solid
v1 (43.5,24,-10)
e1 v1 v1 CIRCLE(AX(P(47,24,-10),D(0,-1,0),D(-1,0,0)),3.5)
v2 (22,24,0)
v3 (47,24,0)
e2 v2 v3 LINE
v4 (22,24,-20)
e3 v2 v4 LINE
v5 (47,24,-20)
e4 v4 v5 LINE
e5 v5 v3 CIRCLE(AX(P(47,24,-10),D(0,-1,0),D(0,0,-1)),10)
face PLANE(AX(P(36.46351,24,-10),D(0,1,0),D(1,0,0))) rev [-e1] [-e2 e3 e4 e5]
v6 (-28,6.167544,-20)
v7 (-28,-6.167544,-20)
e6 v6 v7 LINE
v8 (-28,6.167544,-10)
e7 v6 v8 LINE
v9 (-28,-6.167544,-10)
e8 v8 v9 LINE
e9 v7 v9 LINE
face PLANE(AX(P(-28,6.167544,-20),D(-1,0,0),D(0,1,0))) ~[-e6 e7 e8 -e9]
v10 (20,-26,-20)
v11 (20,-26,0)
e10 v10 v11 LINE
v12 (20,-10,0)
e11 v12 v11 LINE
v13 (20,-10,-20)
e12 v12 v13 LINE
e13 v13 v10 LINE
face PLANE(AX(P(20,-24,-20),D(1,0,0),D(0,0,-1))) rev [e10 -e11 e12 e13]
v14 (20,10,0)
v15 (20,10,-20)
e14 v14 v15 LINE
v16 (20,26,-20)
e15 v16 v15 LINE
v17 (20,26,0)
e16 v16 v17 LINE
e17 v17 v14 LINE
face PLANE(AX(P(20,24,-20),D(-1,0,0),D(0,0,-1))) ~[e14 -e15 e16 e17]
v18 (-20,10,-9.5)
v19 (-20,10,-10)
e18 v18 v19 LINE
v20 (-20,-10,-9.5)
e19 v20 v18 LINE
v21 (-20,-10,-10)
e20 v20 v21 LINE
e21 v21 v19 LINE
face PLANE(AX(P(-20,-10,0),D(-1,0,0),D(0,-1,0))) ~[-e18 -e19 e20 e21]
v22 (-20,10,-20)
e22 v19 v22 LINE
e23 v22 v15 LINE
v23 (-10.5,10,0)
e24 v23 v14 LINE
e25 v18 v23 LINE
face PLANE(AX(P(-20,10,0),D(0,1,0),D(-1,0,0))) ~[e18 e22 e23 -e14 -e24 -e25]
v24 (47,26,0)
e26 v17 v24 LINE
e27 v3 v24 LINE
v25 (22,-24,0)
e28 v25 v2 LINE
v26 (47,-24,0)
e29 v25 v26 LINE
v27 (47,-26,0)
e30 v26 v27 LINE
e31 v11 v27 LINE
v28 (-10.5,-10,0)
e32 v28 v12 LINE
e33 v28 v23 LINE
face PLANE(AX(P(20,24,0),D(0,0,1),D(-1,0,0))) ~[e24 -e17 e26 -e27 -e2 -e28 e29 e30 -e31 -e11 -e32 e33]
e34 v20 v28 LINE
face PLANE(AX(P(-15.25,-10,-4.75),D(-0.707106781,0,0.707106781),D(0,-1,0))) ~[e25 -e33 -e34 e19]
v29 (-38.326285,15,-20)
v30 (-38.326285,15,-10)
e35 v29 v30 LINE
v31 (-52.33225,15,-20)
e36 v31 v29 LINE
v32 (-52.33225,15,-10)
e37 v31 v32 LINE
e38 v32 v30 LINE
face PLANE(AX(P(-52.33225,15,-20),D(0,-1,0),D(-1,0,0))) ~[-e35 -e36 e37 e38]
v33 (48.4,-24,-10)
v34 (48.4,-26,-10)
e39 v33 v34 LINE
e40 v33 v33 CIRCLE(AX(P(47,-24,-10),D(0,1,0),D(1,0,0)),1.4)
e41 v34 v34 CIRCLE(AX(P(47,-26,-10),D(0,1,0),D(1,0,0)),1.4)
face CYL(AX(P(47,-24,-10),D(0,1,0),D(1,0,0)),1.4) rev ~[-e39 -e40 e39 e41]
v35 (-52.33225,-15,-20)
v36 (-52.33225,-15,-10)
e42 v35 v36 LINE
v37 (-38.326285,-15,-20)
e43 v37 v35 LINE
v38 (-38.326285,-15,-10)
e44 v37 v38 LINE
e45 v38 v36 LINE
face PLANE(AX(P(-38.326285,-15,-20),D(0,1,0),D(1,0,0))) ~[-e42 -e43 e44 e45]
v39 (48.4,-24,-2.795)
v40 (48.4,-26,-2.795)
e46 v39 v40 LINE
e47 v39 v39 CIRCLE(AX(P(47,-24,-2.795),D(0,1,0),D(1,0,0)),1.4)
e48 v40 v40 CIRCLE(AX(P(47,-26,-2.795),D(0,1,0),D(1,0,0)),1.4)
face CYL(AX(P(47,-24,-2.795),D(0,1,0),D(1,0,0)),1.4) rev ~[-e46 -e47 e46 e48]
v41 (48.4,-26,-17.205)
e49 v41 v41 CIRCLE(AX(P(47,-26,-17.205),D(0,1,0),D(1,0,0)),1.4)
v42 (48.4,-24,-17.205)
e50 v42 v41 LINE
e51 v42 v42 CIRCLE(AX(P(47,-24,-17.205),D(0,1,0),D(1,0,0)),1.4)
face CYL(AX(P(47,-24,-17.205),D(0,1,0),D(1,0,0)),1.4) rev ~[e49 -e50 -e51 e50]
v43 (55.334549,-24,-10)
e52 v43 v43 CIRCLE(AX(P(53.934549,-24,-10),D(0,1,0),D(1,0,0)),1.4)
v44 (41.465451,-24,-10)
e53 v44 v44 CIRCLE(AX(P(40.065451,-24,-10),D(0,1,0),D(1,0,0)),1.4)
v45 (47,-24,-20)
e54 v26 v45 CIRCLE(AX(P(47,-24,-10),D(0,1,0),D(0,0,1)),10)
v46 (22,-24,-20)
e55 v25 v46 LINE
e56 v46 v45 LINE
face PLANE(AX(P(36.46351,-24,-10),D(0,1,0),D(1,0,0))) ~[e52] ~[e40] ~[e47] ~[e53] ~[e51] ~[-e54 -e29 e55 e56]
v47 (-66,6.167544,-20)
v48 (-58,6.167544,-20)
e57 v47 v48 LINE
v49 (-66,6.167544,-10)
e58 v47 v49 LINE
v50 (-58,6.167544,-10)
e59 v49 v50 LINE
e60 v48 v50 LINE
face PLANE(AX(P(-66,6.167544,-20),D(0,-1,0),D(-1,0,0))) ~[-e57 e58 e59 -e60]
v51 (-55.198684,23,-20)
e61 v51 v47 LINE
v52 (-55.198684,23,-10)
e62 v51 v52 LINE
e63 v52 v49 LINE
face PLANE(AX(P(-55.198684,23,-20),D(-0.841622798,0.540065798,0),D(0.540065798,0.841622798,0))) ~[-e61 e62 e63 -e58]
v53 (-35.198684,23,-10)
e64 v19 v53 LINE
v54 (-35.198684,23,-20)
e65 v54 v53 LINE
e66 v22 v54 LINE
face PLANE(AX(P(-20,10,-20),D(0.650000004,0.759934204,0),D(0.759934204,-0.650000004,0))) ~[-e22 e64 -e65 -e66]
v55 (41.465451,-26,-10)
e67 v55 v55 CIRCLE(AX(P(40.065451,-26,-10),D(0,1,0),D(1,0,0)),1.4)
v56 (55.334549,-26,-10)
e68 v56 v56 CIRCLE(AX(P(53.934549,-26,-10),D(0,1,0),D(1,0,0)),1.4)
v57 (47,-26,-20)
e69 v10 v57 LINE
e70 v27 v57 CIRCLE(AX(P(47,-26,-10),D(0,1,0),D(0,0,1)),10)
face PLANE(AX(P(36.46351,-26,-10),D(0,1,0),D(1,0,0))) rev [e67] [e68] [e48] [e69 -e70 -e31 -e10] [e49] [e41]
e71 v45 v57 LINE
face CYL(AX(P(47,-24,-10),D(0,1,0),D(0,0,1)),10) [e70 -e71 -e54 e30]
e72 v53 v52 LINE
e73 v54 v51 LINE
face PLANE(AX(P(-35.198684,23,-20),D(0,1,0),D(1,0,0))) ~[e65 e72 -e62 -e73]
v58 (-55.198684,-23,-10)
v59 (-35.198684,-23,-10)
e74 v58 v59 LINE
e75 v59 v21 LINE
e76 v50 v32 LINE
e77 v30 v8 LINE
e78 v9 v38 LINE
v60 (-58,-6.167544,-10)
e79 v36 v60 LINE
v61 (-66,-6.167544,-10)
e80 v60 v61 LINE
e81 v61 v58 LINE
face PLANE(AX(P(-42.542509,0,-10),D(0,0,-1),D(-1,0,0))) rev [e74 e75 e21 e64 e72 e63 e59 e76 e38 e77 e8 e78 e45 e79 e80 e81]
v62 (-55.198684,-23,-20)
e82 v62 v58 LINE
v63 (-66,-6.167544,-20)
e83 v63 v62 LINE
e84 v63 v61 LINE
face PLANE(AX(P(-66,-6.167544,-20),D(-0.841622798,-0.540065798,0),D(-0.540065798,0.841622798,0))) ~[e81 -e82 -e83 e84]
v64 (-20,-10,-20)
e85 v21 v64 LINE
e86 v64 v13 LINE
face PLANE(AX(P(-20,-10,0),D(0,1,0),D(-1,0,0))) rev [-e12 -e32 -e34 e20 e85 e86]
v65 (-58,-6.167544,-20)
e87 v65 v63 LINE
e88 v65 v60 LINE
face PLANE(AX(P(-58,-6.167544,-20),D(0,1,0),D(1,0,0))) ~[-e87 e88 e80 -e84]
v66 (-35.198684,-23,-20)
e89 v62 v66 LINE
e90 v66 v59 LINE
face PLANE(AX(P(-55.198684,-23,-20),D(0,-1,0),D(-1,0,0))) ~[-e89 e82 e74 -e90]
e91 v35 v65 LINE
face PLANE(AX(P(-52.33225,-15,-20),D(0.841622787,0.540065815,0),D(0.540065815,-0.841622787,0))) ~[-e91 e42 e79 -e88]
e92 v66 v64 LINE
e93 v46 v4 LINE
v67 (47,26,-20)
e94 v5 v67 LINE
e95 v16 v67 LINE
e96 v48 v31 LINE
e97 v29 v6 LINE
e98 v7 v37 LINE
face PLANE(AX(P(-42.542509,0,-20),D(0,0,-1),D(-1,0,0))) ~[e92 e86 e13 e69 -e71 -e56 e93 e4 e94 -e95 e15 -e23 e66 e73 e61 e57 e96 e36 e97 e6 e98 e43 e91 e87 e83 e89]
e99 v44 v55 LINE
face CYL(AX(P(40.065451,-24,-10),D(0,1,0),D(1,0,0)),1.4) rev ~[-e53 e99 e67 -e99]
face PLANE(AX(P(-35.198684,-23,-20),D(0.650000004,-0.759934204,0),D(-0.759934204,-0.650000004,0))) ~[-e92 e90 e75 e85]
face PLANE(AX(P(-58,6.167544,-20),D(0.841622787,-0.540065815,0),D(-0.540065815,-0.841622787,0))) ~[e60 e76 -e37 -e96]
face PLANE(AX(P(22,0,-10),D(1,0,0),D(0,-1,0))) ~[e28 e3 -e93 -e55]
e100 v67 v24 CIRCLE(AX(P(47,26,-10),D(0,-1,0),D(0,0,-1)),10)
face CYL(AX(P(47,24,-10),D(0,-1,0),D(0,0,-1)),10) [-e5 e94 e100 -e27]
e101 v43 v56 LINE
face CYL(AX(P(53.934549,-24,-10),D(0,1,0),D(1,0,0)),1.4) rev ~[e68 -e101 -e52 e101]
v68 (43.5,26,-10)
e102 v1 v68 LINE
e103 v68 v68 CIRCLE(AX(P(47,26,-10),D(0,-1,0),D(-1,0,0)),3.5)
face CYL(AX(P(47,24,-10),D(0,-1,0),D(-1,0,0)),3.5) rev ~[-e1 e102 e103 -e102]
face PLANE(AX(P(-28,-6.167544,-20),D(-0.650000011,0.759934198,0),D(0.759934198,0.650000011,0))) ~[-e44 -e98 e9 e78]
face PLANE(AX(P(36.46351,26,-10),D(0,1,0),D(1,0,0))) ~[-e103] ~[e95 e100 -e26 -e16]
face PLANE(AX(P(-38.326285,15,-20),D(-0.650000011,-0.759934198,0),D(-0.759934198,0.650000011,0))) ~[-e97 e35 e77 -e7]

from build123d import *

# Parameters (mm, degrees)
SKETCH_W     = 40
SKETCH_H     = 20
PAD_DEPTH    = 20
SKETCH001_W  = 48
SKETCH001_H  = 20
PAD001_DEPTH = 2
SKETCH002_R  = 1.4
PAD002_DEPTH = 2
SKETCH003_R  = 3.5
PAD003_DEPTH = 2
PAD004_DEPTH = 10
CHAMFER_SIZE = 9.5


with BuildPart() as body:
    # Sketch → Pad (new body)
    with BuildSketch(Plane.XY):
        Rectangle(SKETCH_W, SKETCH_H)
    extrude(amount=PAD_DEPTH)

    # Sketch001 (on Face2 of Pad) → Pad001 (join)
    with BuildSketch(Plane.YZ.offset(20)):
        with Locations((0, 10)):
            Rectangle(SKETCH001_W, SKETCH001_H)
    extrude(amount=PAD001_DEPTH)

    # Sketch002 (on Face2 of Pad001) → Pad002 (join)
    with BuildSketch(Plane.XZ.offset(24)):
        with BuildLine():
            Line((20, 20), (47, 20))
            ThreePointArc((47, 0), (57, 10), (47, 20))
            Line((20, 0), (47, 0))
            Line((20, 20), (20, 0))
        make_face()
        with Locations((47, 10)):
            Circle(SKETCH002_R, mode=Mode.SUBTRACT)
        with Locations((47, 17.205)):
            Circle(SKETCH002_R, mode=Mode.SUBTRACT)
        with Locations((53.934549, 10)):
            Circle(SKETCH002_R, mode=Mode.SUBTRACT)
        with Locations((47, 2.795)):
            Circle(SKETCH002_R, mode=Mode.SUBTRACT)
        with Locations((40.065451, 10)):
            Circle(SKETCH002_R, mode=Mode.SUBTRACT)
    extrude(amount=PAD002_DEPTH)

    # Sketch003 (on Face3 of Pad002) → Pad003 (join)
    with BuildSketch(Plane(origin=(0, 24, 0), x_dir=(-1, 0, 0), z_dir=(0, 1, 0))):
        with BuildLine():
            Line((-20, 20), (-47, 20))
            ThreePointArc((-47, 20), (-57, 10), (-47, 0))
            Line((-20, 0), (-47, 0))
            Line((-20, 20), (-20, 0))
        make_face()
        with Locations((-47, 10)):
            Circle(SKETCH003_R, mode=Mode.SUBTRACT)
    extrude(amount=PAD003_DEPTH)

    # Sketch004 (on Face5 of Pad003) → Pad004 (join)
    with BuildSketch(Plane.XY.offset(20)):
        Polygon((-20, 10), (-35.198684, 23), (-55.198684, 23), (-66, 6.167544), (-58, 6.167544), (-52.33225, 15), (-38.326285, 15), (-28, 6.167544), (-28, -6.167544), (-38.326285, -15), (-52.33225, -15), (-58, -6.167544), (-66, -6.167544), (-55.198684, -23), (-35.198684, -23), (-20, -10), align=None)
    extrude(amount=-PAD004_DEPTH)

    # Chamfer
    chamfer_edges = [body.edges().sort_by_distance(p)[0] for p in [
        (-20, 0, 0),
    ]]
    chamfer(chamfer_edges, length=CHAMFER_SIZE)


with BuildPart() as part_mirroring:
    # Part__Mirroring: instance of Body
    add(body.part.mirror(Plane(origin=(0, 0, 0), x_dir=(0, 1, 0), z_dir=(0, 0, 1))))


solid = part_mirroring.part
